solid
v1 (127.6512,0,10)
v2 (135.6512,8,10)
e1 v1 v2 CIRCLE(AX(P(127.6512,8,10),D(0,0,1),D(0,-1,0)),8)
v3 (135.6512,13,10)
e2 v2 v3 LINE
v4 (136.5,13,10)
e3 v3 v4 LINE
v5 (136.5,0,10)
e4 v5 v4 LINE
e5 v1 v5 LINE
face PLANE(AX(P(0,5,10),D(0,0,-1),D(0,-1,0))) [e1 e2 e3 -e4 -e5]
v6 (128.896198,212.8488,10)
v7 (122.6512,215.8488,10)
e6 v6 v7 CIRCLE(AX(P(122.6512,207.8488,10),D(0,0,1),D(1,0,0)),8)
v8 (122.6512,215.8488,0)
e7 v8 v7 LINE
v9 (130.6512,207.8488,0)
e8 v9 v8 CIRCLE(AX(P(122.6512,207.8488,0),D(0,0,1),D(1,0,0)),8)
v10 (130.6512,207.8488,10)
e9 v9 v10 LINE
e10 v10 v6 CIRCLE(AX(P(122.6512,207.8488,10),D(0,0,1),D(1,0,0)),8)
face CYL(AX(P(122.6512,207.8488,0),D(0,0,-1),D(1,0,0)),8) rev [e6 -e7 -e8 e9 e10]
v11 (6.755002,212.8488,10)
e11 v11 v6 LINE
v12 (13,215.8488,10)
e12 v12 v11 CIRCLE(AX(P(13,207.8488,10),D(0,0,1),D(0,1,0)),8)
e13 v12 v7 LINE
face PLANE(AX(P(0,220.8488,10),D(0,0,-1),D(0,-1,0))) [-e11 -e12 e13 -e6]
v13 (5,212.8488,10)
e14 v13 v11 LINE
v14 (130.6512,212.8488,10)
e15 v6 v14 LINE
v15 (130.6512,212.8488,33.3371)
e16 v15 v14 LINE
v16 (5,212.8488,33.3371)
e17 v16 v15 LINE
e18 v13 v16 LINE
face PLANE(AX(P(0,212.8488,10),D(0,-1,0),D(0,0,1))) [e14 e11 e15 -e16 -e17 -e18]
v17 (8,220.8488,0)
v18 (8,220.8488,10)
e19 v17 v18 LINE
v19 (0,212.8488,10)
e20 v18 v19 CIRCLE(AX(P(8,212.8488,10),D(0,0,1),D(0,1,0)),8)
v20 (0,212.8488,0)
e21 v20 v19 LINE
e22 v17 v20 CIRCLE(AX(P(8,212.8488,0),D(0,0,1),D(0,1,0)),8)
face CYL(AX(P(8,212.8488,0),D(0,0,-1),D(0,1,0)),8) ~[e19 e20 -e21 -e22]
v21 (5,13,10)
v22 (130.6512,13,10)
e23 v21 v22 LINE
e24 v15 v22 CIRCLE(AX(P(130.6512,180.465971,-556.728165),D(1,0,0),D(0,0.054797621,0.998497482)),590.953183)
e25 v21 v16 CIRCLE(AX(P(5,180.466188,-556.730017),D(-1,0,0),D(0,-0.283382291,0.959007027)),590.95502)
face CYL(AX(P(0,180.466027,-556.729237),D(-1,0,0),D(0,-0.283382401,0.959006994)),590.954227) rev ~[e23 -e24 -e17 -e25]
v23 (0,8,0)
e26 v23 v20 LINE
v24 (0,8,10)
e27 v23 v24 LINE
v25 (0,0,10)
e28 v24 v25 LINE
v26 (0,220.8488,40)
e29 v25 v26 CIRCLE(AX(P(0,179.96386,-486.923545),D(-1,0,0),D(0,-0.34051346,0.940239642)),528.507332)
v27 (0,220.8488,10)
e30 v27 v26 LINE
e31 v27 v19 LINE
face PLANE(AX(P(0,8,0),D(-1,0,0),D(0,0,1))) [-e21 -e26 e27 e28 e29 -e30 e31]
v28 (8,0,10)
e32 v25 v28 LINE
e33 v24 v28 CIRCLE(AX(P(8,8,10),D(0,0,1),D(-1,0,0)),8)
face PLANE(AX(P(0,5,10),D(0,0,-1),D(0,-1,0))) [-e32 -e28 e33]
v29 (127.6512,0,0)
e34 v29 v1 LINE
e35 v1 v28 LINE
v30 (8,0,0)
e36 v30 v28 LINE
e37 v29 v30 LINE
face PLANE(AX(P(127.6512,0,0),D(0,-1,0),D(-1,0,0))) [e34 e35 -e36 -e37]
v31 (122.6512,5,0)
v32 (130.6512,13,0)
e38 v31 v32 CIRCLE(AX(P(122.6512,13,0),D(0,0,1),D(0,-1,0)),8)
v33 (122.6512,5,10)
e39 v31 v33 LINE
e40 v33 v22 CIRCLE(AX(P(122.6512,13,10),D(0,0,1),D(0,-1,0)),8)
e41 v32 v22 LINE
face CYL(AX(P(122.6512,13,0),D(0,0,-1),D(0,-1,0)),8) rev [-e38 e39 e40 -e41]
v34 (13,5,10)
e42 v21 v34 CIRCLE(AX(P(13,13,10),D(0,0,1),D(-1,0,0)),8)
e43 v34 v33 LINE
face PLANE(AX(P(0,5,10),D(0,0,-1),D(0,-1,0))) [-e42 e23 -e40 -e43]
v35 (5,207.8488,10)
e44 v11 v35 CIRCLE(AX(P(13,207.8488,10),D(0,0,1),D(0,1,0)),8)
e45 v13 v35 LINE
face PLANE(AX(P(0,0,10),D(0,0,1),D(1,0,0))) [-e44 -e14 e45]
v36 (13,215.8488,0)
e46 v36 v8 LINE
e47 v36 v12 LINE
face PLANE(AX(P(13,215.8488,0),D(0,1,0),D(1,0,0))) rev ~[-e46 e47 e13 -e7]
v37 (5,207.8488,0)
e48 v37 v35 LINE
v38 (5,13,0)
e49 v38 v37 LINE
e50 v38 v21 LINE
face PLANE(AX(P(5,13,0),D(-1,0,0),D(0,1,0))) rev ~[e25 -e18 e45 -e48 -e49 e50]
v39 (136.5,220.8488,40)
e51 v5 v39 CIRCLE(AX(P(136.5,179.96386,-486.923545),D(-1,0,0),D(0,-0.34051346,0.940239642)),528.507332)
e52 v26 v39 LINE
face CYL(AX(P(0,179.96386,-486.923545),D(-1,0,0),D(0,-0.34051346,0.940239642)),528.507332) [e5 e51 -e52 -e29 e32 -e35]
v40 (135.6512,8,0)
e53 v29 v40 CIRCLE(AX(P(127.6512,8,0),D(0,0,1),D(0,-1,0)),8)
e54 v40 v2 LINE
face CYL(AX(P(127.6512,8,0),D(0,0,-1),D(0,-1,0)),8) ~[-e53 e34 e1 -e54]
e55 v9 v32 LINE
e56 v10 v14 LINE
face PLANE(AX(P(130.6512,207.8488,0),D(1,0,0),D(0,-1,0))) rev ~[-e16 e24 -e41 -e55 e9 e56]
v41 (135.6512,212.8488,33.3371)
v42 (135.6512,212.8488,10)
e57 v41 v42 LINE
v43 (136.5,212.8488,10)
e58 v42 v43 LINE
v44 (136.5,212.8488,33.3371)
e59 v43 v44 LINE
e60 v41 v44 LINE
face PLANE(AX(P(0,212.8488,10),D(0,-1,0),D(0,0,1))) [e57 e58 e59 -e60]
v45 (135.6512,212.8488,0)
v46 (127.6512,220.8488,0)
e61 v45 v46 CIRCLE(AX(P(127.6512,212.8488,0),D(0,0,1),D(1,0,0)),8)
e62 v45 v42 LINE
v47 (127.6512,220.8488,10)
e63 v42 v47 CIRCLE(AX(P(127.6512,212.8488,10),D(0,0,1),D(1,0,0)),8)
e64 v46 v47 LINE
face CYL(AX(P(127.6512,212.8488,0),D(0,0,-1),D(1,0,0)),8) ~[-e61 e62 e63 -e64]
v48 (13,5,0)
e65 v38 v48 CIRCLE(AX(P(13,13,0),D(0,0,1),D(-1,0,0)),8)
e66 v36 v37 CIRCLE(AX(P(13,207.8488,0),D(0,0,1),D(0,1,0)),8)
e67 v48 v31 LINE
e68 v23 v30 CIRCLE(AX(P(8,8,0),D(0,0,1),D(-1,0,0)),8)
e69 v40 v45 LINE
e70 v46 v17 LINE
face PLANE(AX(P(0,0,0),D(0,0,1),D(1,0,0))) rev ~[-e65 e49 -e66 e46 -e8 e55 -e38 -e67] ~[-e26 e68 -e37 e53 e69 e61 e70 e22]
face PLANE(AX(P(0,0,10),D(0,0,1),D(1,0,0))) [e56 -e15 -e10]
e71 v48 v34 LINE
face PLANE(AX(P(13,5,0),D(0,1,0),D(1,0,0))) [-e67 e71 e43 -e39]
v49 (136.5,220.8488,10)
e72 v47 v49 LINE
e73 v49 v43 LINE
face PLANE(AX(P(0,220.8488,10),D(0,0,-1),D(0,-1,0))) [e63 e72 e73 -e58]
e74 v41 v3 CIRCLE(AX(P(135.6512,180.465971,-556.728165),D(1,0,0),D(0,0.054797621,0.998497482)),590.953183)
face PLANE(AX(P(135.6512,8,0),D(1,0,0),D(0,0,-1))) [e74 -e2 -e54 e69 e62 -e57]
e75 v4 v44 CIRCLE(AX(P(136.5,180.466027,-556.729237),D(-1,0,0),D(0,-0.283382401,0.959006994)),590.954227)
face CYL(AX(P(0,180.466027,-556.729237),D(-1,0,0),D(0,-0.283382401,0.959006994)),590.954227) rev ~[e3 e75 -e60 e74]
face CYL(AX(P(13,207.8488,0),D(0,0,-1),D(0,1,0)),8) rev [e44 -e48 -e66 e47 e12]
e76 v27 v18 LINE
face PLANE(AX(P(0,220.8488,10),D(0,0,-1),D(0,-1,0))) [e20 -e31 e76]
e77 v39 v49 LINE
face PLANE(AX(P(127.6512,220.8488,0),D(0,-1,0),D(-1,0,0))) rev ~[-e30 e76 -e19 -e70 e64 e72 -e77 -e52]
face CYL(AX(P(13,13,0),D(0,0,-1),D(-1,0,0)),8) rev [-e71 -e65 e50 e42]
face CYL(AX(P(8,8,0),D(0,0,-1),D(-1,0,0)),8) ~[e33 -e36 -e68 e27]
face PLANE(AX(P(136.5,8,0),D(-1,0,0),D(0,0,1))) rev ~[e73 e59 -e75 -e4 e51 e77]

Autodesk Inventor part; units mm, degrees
ref_plane "YZ Plane" through (0, 0, 0) normal (1, 0, 0) x (0, 1, 0)
ref_plane "XZ Plane" through (0, 0, 0) normal (0, 1, 0) x (-1, 0, 0)
ref_plane "XY Plane" through (0, 0, 0) normal (0, 0, 1) x (1, 0, 0)
sketch "Эскиз1" plane through (0, 0, 0) normal (0, 0, 1) x (1, 0, 0)
  line L0 (5, 13) -> (5, 207.8488) projected
  arc A0 (13, 215.8488) -> (5, 207.8488) centre (13, 207.8488) ccw projected
  line L1 (13, 215.8488) -> (122.6512, 215.8488) projected
  arc A1 (130.6512, 207.8488) -> (122.6512, 215.8488) centre (122.6512, 207.8488) ccw projected
  line L2 (130.6512, 207.8488) -> (130.6512, 13) projected
  arc A2 (122.6512, 5) -> (130.6512, 13) centre (122.6512, 13) ccw projected
  line L3 (13, 5) -> (122.6512, 5) projected
  arc A3 (5, 13) -> (13, 5) centre (13, 13) ccw projected
  arc A4 (127.6512, 0) -> (135.6512, 8) centre (127.6512, 8) ccw projected
  line L4 (135.6512, 8) -> (135.6512, 212.8488) projected
  arc A5 (135.6512, 212.8488) -> (127.6512, 220.8488) centre (127.6512, 212.8488) ccw projected
  line L5 (127.6512, 220.8488) -> (8, 220.8488) projected
  arc A6 (8, 220.8488) -> (0, 212.8488) centre (8, 212.8488) ccw projected
  line L6 (0, 8) -> (0, 212.8488) projected
  arc A7 (0, 8) -> (8, 0) centre (8, 8) ccw projected
  line L7 (127.6512, 0) -> (8, 0) projected
  point P0 (0, 0)
extrude "Выдавливание1" add sketch "Эскиз1" along normal blind 10
sketch "Эскиз2" plane through (0, 8, 0) normal (-1, 0, 0) x (0, 0, 1)
  line L0 (0, 212.8488) -> (10, 212.8488) projected
  line L1 (10, 212.8488) -> (40, 212.8488)
  arc A0 (10, -8) -> (40, 212.8488) centre (-486.9233, 171.9638) ccw
  line L2 (10, 212.8488) -> (10, -8)
  line L3 (10, 5) -> (10, -3) projected
  arc A1 (10, 5) -> (32.8436, 212.8488) centre (-556.7291, 172.466) ccw
  line L4 (0, 204.8488) -> (10, 204.8488) projected
  line L5 (10, 204.8488) -> (33.3371, 204.8488)
  point P0 (0, -8)
  dimension "d2" = 30
extrude "Выдавливание2" add sketch "Эскиз2" against normal blind 136.5 contours L1 A1 L5 L2 | L1 A0 L2 A1
sketch "Эскиз3" plane through (135.6512, 8, 0) normal (1, 0, 0) x (0, 0, -1)
  line L0 (-10, 5) -> (-10, 204.8488) projected
  arc A0 (-33.3371, 204.8488) -> (-10, 5) centre (556.7291, 172.466) ccw projected
  line L1 (-33.3371, 204.8488) -> (-10, 204.8488) projected
  point P0 (0, -8)
extrude "Выдавливание3" add sketch "Эскиз3" against normal blind 5
sketch "Эскиз4" plane through (0, 8, 0) normal (-1, 0, 0) x (0, 0, 1)
  arc A0 (10, 5) -> (33.3371, 204.8488) centre (-556.7291, 172.466) ccw projected
  line L0 (10, 204.8488) -> (10, 5) projected
  line L1 (10, 204.8488) -> (33.3371, 204.8488) projected
  point P0 (0, -8)
extrude "Выдавливание4" add sketch "Эскиз4" against normal blind 5
properties part number "krish"
